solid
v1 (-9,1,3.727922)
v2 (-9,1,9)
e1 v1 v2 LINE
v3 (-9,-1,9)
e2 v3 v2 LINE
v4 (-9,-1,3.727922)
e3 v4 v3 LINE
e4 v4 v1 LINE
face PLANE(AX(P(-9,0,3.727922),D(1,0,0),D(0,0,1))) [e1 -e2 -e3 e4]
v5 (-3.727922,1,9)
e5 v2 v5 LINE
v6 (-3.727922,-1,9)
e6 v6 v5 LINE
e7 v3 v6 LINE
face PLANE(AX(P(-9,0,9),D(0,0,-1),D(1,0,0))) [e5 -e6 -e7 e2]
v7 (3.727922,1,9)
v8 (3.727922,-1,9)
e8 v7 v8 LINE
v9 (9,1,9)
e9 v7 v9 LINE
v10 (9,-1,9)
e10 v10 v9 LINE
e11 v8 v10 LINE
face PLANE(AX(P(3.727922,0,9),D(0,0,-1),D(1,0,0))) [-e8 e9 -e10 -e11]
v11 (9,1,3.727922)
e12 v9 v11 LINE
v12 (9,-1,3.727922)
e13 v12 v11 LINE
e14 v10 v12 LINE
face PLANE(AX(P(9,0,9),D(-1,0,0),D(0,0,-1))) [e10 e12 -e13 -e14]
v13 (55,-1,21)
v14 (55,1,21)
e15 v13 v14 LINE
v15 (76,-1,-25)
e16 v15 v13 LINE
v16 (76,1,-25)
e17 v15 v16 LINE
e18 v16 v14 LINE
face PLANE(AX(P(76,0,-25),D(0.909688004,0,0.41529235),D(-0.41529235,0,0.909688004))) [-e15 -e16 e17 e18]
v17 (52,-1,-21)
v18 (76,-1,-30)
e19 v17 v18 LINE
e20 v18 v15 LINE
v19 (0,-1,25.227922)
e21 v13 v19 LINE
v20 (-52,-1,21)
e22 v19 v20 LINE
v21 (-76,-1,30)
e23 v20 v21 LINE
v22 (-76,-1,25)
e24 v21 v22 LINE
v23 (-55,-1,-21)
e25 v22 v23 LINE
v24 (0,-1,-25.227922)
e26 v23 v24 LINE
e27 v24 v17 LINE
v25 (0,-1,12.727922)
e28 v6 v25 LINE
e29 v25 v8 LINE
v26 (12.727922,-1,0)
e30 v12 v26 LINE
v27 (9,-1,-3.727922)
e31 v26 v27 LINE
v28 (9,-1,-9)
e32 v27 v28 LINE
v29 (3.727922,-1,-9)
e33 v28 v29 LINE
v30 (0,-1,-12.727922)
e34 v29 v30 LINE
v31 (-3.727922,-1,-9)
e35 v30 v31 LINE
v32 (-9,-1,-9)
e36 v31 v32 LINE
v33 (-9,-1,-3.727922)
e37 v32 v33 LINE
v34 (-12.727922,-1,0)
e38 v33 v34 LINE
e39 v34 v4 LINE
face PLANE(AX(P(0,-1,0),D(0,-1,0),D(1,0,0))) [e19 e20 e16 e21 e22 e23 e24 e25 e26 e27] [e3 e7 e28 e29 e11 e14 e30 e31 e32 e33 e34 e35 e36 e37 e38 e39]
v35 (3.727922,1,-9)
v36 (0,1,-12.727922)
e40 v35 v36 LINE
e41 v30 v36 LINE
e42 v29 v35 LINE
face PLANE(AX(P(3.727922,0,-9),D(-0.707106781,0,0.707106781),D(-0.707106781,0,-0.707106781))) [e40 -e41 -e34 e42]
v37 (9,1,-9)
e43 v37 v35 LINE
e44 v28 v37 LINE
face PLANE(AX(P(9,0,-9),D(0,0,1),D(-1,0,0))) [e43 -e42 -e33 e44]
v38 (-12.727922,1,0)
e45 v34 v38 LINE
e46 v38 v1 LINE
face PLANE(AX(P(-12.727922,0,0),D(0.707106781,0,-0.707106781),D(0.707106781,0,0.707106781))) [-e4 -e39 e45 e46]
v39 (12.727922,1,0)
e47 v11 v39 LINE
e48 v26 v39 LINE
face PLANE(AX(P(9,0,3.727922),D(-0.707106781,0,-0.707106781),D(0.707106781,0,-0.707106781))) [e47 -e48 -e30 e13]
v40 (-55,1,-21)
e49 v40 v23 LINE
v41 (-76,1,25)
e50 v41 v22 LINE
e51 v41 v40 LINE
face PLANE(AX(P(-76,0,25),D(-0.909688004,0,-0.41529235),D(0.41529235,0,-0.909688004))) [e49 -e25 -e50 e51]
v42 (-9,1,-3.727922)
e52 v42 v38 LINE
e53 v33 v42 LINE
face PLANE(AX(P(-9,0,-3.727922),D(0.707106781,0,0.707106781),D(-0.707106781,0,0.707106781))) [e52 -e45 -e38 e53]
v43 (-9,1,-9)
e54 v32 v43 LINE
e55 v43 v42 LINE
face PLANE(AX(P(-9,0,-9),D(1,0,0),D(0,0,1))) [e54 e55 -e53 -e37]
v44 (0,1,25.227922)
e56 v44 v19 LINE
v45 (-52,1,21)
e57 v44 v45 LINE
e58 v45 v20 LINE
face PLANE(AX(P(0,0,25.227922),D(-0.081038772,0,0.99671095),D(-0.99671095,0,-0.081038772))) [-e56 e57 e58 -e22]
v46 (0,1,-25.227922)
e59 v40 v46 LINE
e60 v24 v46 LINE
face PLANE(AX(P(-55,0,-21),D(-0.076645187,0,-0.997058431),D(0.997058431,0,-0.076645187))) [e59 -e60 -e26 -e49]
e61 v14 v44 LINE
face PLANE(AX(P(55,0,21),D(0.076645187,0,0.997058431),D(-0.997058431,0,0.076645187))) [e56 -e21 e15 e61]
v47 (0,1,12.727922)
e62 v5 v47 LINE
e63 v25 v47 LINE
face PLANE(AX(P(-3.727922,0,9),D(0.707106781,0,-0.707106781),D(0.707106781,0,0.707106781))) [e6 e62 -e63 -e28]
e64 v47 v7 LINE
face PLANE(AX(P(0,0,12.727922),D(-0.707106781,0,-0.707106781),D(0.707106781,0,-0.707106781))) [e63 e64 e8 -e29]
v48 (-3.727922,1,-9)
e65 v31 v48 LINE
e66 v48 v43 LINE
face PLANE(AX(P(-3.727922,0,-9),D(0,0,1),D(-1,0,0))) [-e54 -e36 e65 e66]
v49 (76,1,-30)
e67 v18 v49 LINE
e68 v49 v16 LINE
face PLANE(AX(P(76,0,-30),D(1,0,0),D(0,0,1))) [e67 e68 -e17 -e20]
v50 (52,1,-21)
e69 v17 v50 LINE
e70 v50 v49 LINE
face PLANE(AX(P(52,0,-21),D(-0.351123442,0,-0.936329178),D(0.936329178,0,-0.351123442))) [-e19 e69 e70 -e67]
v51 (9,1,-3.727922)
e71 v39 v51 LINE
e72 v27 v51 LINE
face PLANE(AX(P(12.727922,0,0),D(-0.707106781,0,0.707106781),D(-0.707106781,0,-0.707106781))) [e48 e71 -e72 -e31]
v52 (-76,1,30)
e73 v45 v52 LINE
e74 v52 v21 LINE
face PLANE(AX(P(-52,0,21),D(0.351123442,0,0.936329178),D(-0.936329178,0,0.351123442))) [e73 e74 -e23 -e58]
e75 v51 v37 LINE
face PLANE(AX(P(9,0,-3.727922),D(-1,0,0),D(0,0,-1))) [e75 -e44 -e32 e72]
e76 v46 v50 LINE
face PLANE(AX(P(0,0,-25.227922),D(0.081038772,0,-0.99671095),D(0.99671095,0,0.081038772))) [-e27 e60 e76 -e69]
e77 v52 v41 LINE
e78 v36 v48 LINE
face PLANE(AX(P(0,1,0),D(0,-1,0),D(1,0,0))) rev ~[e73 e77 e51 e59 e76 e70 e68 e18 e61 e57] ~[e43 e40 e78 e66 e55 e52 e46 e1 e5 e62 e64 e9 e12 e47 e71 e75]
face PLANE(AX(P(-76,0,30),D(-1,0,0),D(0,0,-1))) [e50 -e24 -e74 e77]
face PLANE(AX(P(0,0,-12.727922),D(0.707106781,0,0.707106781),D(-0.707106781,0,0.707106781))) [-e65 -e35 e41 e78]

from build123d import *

# Parameters (mm, degrees)
F1_DEPTH = 1


with BuildPart() as f1:
    # F0 (on Front) → F1 (new body, symmetric)
    with BuildSketch(Plane.XZ):
        Polygon((55, 21), (0, 25.227922), (-52, 21), (-76, 30), (-76, 25), (-55, -21), (0, -25.227922), (52, -21), (76, -30), (76, -25), align=None)
        Polygon((3.727922, 9), (9, 9), (9, 3.727922), (12.727922, 0), (9, -3.727922), (9, -9), (3.727922, -9), (0, -12.727922), (-3.727922, -9), (-9, -9), (-9, -3.727922), (-12.727922, 0), (-9, 3.727922), (-9, 9), (-3.727922, 9), (0, 12.727922), align=None, mode=Mode.SUBTRACT)
    extrude(amount=F1_DEPTH, both=True)


solid = f1.part
